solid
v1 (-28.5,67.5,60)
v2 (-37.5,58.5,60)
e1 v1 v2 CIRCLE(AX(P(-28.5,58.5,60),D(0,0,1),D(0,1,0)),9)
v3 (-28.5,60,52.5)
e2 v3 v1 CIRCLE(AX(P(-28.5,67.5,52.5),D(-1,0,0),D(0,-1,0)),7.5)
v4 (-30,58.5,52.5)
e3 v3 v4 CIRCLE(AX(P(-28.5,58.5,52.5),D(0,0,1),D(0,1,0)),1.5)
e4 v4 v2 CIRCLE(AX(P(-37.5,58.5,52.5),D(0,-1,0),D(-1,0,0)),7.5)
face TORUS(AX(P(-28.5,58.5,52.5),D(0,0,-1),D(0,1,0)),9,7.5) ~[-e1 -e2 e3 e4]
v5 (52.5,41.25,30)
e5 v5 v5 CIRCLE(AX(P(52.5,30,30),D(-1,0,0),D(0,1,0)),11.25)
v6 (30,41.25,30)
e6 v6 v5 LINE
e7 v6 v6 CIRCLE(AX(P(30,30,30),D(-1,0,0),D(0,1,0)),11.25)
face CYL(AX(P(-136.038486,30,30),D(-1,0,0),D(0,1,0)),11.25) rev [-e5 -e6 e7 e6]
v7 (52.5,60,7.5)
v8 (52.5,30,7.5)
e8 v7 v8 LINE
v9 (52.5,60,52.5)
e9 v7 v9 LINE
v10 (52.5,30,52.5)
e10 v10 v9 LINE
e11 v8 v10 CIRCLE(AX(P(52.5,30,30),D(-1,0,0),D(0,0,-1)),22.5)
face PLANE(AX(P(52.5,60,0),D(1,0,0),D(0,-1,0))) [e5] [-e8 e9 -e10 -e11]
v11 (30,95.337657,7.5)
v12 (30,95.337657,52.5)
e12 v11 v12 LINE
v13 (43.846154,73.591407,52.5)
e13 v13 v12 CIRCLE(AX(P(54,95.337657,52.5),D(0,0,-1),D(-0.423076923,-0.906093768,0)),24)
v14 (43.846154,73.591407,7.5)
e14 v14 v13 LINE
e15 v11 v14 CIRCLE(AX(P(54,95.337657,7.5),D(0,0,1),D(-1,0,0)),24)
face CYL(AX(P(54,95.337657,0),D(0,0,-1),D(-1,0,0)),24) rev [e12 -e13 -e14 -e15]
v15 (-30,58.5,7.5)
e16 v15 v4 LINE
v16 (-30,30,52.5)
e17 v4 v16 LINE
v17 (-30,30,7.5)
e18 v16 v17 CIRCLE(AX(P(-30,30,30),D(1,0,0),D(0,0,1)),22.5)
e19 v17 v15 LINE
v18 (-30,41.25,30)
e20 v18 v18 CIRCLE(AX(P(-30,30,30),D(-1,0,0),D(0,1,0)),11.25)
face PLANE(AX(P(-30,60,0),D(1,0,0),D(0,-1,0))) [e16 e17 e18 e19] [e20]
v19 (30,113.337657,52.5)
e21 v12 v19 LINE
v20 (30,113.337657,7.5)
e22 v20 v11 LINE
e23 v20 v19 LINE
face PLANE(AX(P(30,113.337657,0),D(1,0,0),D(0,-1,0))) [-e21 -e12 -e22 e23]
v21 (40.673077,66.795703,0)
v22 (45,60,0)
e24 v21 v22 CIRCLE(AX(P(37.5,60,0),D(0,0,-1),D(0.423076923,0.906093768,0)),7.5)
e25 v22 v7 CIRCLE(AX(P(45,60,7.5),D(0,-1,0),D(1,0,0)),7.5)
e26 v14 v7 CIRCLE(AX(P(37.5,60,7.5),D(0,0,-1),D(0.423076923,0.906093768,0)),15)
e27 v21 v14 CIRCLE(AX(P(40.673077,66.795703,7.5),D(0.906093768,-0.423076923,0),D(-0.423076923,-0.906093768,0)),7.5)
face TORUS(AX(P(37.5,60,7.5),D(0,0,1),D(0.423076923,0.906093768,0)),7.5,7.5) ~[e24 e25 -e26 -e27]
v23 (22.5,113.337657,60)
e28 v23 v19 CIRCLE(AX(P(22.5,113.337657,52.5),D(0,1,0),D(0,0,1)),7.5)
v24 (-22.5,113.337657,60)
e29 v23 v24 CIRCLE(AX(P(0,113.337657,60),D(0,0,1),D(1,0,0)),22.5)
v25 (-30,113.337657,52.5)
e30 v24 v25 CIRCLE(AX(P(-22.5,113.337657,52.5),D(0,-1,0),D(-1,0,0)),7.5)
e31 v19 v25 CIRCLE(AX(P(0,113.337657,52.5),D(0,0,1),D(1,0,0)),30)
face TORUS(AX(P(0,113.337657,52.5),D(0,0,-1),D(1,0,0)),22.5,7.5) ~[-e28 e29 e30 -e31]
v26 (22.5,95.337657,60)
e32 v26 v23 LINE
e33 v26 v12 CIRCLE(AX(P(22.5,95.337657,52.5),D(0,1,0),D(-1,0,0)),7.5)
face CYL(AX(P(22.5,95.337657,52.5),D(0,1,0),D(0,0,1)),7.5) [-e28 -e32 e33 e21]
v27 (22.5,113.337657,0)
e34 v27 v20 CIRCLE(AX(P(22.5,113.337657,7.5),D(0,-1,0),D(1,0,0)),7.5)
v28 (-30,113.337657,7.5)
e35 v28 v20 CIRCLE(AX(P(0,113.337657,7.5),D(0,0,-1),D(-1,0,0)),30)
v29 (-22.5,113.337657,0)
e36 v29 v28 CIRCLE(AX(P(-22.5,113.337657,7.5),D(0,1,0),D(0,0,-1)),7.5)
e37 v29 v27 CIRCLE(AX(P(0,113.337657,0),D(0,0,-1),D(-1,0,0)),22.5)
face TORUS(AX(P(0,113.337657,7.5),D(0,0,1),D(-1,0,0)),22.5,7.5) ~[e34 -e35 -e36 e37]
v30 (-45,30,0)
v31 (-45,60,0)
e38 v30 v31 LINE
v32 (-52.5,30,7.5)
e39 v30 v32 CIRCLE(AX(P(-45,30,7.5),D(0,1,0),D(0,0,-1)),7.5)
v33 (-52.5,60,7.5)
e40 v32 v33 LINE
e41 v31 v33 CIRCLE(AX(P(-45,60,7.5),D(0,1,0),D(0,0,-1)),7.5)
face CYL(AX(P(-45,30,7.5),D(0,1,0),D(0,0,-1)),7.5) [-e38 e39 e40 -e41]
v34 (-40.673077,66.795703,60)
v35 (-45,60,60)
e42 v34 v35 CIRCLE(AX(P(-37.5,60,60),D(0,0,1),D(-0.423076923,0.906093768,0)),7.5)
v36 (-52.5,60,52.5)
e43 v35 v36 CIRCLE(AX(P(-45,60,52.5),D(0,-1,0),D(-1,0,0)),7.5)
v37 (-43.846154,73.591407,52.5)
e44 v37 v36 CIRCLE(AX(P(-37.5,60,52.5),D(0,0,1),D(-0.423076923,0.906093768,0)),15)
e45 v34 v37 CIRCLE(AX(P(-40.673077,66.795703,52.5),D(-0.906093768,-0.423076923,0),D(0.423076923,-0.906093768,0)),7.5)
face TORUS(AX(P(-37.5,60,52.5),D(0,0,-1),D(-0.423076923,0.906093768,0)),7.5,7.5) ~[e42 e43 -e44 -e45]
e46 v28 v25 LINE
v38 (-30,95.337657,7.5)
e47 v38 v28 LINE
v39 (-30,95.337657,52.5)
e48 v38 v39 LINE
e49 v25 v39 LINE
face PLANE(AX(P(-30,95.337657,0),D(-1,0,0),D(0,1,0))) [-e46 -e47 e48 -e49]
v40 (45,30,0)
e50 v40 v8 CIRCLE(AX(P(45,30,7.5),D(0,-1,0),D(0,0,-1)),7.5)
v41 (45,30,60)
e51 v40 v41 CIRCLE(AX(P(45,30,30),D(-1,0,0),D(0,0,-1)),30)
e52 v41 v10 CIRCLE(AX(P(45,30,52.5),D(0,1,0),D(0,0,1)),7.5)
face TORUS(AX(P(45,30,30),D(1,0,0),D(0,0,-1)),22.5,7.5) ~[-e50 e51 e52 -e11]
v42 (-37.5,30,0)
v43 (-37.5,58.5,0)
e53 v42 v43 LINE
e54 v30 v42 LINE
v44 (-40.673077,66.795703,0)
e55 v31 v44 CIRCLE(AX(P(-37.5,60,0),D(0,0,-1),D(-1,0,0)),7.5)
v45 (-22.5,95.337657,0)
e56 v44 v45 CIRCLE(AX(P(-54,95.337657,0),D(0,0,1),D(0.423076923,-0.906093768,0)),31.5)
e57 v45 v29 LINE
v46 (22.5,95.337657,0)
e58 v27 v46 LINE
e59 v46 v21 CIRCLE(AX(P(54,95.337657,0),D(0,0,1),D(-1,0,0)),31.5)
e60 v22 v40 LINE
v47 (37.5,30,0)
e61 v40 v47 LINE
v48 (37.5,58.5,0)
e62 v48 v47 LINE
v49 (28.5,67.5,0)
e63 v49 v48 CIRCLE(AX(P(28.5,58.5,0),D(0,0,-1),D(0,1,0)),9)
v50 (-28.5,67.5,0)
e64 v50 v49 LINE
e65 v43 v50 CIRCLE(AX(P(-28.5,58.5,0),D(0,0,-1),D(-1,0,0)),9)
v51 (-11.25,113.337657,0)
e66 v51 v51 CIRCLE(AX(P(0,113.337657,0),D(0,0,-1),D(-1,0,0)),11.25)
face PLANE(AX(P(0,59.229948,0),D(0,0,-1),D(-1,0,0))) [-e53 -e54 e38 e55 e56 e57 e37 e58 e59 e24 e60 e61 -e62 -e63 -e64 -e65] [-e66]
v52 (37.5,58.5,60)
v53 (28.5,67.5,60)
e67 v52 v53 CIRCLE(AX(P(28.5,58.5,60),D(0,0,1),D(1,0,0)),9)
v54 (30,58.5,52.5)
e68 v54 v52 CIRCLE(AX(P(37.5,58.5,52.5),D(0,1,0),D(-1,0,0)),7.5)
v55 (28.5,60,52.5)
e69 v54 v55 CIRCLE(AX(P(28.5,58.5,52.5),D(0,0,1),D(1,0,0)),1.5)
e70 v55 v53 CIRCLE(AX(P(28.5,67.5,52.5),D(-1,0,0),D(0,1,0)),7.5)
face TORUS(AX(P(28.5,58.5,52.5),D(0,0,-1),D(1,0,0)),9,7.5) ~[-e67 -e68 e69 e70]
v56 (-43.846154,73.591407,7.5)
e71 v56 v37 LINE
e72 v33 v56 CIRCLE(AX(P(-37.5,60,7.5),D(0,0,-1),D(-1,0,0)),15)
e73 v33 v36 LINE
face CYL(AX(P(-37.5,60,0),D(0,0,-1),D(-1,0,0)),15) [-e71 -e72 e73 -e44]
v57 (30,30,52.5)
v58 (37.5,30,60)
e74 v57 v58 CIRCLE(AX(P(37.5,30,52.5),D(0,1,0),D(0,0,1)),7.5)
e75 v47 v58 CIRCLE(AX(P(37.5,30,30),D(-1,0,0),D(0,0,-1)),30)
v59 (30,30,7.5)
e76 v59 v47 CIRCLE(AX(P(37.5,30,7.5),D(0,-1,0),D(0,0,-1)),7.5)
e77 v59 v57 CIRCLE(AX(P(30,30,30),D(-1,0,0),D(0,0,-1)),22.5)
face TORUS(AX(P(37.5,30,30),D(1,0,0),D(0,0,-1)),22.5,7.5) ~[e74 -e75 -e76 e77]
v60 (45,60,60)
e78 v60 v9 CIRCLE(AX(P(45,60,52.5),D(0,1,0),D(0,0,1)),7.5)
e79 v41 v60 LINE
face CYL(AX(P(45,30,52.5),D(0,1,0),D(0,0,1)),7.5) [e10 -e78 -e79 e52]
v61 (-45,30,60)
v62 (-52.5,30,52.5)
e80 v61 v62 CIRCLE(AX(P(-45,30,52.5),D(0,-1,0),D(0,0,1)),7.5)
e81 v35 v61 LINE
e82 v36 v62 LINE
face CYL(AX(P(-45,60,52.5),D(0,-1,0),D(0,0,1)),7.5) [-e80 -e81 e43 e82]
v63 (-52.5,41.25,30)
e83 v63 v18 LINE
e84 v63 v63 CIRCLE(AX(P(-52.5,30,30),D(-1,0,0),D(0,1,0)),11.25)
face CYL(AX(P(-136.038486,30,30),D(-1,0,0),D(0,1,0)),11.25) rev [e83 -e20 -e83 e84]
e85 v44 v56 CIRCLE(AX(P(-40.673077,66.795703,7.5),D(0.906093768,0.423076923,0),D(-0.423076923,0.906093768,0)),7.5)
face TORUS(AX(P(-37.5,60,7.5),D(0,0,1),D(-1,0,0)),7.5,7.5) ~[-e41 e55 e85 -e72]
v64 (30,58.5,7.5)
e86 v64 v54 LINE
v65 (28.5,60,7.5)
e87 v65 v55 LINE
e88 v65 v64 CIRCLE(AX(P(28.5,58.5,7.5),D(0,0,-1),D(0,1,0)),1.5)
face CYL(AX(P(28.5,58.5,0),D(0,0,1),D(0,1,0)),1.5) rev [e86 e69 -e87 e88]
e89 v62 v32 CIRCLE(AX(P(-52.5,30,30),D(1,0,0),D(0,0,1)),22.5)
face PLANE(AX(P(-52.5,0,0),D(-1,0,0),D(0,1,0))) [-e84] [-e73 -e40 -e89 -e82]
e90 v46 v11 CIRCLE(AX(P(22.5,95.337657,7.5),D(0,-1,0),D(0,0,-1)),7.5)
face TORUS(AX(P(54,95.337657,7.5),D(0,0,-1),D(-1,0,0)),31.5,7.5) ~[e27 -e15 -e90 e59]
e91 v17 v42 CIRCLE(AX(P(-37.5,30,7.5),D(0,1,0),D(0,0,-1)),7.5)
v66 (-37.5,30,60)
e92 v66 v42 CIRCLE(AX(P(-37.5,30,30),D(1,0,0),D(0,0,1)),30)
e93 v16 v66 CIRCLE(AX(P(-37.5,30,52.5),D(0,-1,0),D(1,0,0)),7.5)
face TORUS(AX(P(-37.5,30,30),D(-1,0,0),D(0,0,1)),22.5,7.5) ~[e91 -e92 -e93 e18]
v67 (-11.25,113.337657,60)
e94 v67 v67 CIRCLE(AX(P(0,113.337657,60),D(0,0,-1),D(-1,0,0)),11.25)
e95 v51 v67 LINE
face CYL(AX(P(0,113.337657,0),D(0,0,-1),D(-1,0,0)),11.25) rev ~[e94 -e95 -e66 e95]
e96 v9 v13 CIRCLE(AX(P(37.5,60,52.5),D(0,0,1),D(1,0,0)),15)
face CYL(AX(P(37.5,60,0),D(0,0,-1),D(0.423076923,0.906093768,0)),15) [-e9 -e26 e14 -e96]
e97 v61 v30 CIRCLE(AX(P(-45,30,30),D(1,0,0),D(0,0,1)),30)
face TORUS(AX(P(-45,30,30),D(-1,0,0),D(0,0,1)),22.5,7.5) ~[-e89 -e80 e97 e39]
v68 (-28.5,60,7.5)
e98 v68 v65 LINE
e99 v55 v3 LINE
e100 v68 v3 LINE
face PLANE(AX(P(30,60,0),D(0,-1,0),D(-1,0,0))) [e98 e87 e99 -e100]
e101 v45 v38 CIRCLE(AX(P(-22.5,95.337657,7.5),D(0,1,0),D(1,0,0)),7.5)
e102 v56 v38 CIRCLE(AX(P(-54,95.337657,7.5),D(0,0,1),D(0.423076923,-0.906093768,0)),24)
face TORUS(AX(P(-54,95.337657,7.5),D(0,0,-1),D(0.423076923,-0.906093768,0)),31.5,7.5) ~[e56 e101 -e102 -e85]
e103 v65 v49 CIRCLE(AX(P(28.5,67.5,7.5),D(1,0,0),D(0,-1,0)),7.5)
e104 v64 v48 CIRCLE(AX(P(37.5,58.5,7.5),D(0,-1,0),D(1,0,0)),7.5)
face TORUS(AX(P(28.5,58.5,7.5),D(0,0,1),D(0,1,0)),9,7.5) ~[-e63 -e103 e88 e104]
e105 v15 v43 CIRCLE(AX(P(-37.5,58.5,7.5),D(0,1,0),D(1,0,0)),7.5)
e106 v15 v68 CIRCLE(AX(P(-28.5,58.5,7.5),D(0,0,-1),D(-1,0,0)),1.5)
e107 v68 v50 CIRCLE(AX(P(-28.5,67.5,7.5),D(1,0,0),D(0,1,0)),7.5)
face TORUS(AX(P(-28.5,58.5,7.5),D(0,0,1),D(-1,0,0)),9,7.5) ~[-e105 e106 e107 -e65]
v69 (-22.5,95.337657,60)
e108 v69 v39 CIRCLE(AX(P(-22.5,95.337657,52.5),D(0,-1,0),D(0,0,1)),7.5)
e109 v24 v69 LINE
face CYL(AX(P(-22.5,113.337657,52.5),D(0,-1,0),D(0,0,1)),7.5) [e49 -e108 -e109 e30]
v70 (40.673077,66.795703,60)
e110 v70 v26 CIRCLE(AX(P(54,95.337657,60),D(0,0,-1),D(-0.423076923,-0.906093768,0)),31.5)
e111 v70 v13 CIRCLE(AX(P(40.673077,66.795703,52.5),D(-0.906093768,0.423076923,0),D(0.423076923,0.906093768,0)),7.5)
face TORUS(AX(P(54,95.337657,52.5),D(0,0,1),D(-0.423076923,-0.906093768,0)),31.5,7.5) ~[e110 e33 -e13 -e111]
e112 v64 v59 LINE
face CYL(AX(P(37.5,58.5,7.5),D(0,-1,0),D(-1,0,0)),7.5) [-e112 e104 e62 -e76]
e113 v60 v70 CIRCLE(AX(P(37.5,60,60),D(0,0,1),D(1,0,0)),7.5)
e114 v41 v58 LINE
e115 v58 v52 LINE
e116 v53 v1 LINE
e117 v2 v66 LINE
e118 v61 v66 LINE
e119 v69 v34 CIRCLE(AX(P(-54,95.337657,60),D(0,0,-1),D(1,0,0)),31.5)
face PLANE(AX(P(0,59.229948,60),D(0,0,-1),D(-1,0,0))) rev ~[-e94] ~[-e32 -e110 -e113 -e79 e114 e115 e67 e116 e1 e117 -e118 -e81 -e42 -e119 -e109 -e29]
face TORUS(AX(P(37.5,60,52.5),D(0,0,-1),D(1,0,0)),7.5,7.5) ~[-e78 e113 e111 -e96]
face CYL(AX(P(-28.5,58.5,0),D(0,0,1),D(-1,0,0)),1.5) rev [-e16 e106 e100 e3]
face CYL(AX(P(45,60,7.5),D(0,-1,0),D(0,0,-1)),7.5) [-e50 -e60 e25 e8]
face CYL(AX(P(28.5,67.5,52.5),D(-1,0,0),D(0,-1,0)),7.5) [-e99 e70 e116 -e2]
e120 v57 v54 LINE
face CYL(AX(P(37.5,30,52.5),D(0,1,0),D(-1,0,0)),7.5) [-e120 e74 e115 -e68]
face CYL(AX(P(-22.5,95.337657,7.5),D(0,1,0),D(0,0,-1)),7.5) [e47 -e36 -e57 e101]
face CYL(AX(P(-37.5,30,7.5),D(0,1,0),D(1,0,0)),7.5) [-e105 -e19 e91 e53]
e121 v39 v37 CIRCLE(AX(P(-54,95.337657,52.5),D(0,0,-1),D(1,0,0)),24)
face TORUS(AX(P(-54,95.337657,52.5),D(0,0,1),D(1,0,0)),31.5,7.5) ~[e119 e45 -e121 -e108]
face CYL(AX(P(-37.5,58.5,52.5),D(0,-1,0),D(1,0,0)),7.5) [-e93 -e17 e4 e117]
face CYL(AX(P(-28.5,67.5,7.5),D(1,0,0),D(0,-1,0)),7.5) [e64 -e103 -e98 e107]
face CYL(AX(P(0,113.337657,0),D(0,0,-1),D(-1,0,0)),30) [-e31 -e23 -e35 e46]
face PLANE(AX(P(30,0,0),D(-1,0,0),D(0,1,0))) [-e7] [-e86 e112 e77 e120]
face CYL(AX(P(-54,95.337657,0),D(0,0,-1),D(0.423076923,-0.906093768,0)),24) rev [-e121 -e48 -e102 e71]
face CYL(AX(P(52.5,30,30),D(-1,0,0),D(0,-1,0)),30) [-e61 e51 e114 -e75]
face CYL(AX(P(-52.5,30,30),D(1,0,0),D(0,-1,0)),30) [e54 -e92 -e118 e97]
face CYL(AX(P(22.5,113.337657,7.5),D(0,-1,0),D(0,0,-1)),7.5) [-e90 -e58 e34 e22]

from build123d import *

# Parameters (mm, degrees)
BOSS_EXTRUDE1_DEPTH     = 60
FILLET2_RADIUS          = 30
FILLET2_LENGTH          = 22.5
FILLET3_RADIUS          = 30
FILLET3_LENGTH          = 22.5
CUT_EXTRUDE1_DEPTH      = 188.538486464
CUT_EXTRUDE1_DEPTH_BACK = 188.538486464
SKETCH2_R               = 11.25
SKETCH3_R               = 11.25
CUT_EXTRUDE2_DEPTH      = 165.018090176
FILLET4_R               = 1.5
FILLET6_R               = 7.5


with BuildPart() as part:
    # Sketch1 → Boss-Extrude1 (new body)
    with BuildSketch(Plane.XY):
        with BuildLine():
            Line((-30, 60), (-30, 0))
            Line((-30, 0), (-52.5, 0))
            Line((-52.5, 0), (-52.5, 60))
            ThreePointArc((-52.5, 60), (-50.152910884, 68.056292333), (-43.846153846, 73.591406526))
            ThreePointArc((-43.846153846, 73.591406526), (-33.755342585, 82.447589235), (-30, 95.337656968))
            Line((-30, 95.337656968), (-30, 113.337656968))
            ThreePointArc((-30, 113.337656968), (0, 143.337656968), (30, 113.337656968))
            Line((30, 113.337656968), (30, 95.337656968))
            ThreePointArc((30, 95.337656968), (33.755342585, 82.447589235), (43.846153846, 73.591406526))
            ThreePointArc((43.846153846, 73.591406526), (50.152910884, 68.056292333), (52.5, 60))
            Line((52.5, 60), (52.5, 0))
            Line((52.5, 0), (30, 0))
            Line((30, 0), (30, 60))
            Line((30, 60), (-30, 60))
        make_face()
    extrude(amount=BOSS_EXTRUDE1_DEPTH)

    # Fillet2: full round fillet: the end face becomes a half cylinder, R = half its width
    fillet2_face = Plane((41.25, 0, 30), x_dir=(-1, 0, 0), z_dir=(0, -1, 0))  # on the end face: x along it, z out of the body
    fillet2_slab = fillet2_face.offset(-FILLET2_RADIUS / 2) * Box(FILLET2_LENGTH, 2 * FILLET2_RADIUS, FILLET2_RADIUS, mode=Mode.PRIVATE)  # the body's end, R deep
    fillet2_round = Plane((41.25, 30, 30), x_dir=(0, -1, 0), z_dir=(-1, 0, 0)) * Cylinder(FILLET2_RADIUS, FILLET2_LENGTH, mode=Mode.PRIVATE)  # its axis R under the face
    add(fillet2_slab - fillet2_round, mode=Mode.SUBTRACT)

    # Fillet3: full round fillet: the end face becomes a half cylinder, R = half its width
    fillet3_face = Plane((-41.25, 0, 30), x_dir=(1, 0, 0), z_dir=(0, -1, 0))  # on the end face: x along it, z out of the body
    fillet3_slab = fillet3_face.offset(-FILLET3_RADIUS / 2) * Box(FILLET3_LENGTH, 2 * FILLET3_RADIUS, FILLET3_RADIUS, mode=Mode.PRIVATE)  # the body's end, R deep
    fillet3_round = Plane((-41.25, 30, 30), x_dir=(0, -1, 0), z_dir=(1, 0, 0)) * Cylinder(FILLET3_RADIUS, FILLET3_LENGTH, mode=Mode.PRIVATE)  # its axis R under the face
    add(fillet3_slab - fillet3_round, mode=Mode.SUBTRACT)

    # Sketch2 → Cut-Extrude1 (cut, two sides: drawn at the far end of the back side and taken through both)
    with BuildSketch(Plane(origin=(52.5, 0, 0), x_dir=(0, 0, -1), z_dir=(1, 0, 0)).offset(-CUT_EXTRUDE1_DEPTH_BACK)):
        with Locations(Location((-30, 30, 0), (0, 0, 90))):
            Circle(SKETCH2_R)
    extrude(amount=CUT_EXTRUDE1_DEPTH + CUT_EXTRUDE1_DEPTH_BACK, mode=Mode.SUBTRACT)

    # Sketch3 → Cut-Extrude2 (cut, through all)
    with BuildSketch(Plane(origin=(0, 0, 0), x_dir=(-1, 0, 0), z_dir=(0, 0, -1))):
        with Locations((0, 113.337656968)):
            Circle(SKETCH3_R)
    extrude(amount=-CUT_EXTRUDE2_DEPTH, mode=Mode.SUBTRACT)

    # Fillet4
    fillet4_edges = [part.edges().sort_by_distance(p)[0] for p in [
        (-30, 60, 30),
        (30, 60, 30),
    ]]
    fillet(fillet4_edges, radius=FILLET4_R)

    # Fillet6
    fillet6_edges = [part.edges().sort_by_distance(p)[0] for p in [
        (-52.5, 45, 0),
        (-50.152910884, 68.056292333, 0),
        (-33.755342585, 82.447589235, 0),
        (-30, 104.337656968, 0),
        (0, 143.337656968, 0),
        (30, 104.337656968, 0),
        (33.755342585, 82.447589235, 0),
        (50.152910884, 68.056292333, 60),
        (50.152910884, 68.056292333, 0),
        (33.755342585, 82.447589235, 60),
        (30, 104.337656968, 60),
        (0, 143.337656968, 60),
        (-30, 104.337656968, 60),
        (-33.755342585, 82.447589235, 60),
        (-50.152910884, 68.056292333, 60),
        (-52.5, 45, 60),
        (52.5, 45, 60),
        (52.5, 45, 0),
        (30, 0, 30),
        (52.5, 0, 30),
        (-30, 44.25, 0),
        (-30, 44.25, 60),
        (-30, 0, 30),
        (-52.5, 0, 30),
        (0, 60, 0),
        (0, 60, 60),
        (30, 44.25, 0),
        (30, 44.25, 60),
        (-29.560660172, 59.560660172, 0),
        (-29.560660172, 59.560660172, 60),
        (29.560660172, 59.560660172, 0),
        (29.560660172, 59.560660172, 60),
    ]]
    fillet(fillet6_edges, radius=FILLET6_R)


solid = part.part
